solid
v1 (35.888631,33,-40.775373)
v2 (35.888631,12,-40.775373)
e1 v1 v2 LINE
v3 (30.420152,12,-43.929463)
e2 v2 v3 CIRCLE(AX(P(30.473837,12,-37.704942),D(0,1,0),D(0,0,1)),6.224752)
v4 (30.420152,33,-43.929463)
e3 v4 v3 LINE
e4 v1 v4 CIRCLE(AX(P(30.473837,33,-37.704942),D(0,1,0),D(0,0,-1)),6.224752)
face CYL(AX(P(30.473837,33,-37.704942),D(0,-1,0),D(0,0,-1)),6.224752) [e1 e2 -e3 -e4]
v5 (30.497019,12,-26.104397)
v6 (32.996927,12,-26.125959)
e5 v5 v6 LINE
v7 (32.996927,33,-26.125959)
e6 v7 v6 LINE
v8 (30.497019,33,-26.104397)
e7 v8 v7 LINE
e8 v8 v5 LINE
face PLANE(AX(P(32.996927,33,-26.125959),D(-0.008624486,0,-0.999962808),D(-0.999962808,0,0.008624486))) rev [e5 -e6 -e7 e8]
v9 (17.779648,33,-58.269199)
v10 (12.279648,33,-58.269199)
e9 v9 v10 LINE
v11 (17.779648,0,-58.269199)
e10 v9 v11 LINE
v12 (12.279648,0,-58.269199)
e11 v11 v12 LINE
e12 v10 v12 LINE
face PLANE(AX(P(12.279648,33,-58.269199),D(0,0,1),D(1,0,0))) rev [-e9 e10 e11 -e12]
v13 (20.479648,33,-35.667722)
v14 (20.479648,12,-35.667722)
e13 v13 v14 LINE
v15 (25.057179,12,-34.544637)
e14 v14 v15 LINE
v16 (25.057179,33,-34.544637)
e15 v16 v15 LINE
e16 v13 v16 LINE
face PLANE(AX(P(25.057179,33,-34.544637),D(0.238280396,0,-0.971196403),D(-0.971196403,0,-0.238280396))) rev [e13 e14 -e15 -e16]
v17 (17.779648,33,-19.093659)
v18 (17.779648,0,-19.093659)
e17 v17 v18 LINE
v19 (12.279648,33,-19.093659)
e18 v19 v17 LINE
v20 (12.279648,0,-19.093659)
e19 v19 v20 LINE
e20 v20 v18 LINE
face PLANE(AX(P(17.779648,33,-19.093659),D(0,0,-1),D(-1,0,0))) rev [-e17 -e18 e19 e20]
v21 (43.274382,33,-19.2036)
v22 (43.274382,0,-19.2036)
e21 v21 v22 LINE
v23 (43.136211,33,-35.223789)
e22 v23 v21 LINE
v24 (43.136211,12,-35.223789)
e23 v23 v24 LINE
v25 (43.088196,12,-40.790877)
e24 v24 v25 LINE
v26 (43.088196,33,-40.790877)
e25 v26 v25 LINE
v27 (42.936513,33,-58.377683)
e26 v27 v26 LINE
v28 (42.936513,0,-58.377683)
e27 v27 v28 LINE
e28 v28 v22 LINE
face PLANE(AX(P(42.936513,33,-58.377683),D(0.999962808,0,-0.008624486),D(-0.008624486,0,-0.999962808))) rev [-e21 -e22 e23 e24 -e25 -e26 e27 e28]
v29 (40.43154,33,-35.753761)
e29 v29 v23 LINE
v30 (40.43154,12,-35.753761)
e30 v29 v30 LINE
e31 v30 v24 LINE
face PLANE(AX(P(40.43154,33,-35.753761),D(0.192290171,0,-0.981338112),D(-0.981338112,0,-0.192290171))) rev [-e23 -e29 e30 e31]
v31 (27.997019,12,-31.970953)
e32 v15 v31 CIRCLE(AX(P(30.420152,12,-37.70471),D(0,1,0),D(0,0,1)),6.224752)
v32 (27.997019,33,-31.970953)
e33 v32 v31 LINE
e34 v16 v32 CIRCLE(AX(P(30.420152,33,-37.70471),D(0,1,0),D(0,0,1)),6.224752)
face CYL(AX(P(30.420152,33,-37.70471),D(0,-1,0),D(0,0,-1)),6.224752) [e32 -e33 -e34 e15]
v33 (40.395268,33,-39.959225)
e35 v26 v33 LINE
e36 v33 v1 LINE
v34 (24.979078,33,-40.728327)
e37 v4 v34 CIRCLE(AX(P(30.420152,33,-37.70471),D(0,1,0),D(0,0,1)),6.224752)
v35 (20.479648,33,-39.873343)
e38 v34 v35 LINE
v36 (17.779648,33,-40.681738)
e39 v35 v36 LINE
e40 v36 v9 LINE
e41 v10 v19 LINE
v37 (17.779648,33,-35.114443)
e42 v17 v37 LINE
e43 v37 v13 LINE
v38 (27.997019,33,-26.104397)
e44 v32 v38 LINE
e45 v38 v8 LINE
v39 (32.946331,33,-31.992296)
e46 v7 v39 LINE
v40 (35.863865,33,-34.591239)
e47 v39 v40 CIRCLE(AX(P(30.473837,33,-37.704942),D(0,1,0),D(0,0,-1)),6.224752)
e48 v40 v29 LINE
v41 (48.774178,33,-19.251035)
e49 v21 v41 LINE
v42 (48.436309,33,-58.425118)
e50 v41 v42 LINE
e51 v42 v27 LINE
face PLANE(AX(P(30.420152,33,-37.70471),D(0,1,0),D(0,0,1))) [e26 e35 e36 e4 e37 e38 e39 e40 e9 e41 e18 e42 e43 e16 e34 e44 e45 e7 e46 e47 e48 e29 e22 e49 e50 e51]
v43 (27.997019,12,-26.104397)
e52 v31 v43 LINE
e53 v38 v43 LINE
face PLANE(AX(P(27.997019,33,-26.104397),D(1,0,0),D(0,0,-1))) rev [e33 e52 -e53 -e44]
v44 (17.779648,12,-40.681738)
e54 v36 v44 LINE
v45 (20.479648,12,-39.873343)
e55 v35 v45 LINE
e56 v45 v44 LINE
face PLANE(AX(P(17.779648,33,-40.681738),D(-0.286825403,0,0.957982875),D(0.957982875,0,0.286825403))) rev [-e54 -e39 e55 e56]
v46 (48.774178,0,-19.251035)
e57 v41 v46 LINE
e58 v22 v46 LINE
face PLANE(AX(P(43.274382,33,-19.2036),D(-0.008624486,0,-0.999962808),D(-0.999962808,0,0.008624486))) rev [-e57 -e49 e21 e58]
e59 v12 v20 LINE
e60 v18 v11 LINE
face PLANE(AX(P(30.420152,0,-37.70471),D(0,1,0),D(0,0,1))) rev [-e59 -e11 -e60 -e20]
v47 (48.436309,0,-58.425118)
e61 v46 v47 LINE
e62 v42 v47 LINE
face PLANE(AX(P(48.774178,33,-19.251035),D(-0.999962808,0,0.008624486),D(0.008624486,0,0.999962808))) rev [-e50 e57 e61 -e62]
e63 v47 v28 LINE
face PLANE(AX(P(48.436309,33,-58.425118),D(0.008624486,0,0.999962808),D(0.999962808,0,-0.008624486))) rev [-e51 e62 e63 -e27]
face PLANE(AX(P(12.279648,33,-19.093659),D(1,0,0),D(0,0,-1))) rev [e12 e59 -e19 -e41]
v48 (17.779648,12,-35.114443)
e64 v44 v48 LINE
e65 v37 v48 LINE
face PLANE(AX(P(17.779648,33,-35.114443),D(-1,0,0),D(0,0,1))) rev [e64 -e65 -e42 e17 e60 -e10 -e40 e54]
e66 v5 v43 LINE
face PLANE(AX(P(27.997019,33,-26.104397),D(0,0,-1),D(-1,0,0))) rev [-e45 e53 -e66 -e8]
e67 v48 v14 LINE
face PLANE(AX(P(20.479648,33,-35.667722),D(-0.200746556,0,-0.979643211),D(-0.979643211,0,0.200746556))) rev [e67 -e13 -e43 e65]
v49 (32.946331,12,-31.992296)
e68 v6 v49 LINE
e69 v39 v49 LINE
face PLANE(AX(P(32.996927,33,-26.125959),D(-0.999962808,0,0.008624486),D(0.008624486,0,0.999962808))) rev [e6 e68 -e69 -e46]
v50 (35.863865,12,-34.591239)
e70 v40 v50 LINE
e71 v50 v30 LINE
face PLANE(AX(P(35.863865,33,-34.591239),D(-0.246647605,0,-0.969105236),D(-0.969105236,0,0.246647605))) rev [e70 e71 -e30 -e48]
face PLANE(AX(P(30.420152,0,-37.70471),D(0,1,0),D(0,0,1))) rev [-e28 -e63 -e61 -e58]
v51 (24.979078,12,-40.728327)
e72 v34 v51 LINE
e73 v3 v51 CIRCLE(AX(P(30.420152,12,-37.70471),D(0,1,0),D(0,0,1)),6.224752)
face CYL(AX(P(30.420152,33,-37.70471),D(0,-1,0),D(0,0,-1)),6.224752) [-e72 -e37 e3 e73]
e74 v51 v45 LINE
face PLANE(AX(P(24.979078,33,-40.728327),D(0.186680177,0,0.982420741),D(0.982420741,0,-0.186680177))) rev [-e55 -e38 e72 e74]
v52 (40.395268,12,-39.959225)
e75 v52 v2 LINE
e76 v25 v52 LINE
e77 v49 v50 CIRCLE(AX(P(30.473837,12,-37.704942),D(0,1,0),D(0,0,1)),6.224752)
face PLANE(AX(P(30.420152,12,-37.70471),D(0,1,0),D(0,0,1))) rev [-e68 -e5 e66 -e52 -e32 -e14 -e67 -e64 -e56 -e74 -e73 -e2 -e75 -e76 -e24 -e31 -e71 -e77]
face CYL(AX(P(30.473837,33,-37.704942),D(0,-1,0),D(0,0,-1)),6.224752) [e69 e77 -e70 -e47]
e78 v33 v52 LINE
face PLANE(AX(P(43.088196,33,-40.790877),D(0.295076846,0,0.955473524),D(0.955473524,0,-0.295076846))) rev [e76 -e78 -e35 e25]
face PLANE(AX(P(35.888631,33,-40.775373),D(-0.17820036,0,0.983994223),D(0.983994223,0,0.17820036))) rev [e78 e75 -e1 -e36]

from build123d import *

# Parameters (mm, degrees)
BOSS_EXTRUDE1_DEPTH     = 33
CUT_EXTRUDE1_DEPTH      = 83.954293528
CUT_EXTRUDE1_DEPTH_BACK = 12
SKETCH3_W               = 9.481209811
SKETCH3_H               = 17.021727652
CUT_EXTRUDE2_DEPTH      = 22


with BuildPart() as part:
    # Sketch1 → Boss-Extrude1 (new body)
    with BuildSketch(Plane(origin=(0, 0, 0), x_dir=(1, 0, 0), z_dir=(0, 1, 0))):
        with BuildLine():
            Line((27.99701897, 26.104397373), (30.497019389, 26.104397373))
            Line((30.497019389, 26.104397373), (32.996926828, 26.125958592))
            Line((32.996926828, 26.125958592), (32.946330796, 31.992296402))
            ThreePointArc((32.946330796, 31.992296402), (34.614300355, 33.056919945), (35.86386473, 34.591238885))
            Line((35.86386473, 34.591238885), (40.431539769, 35.753760832))
            Line((40.431539769, 35.753760832), (43.136211097, 35.223788843))
            Line((43.136211097, 35.223788843), (43.274382132, 19.203600277))
            Line((43.274382132, 19.203600277), (48.774177579, 19.251034952))
            Line((48.774177579, 19.251034952), (48.43630867, 58.425118026))
            Line((48.43630867, 58.425118026), (42.936513223, 58.377683351))
            Line((42.936513223, 58.377683351), (43.088196039, 40.790876563))
            Line((43.088196039, 40.790876563), (40.395268448, 39.959225491))
            Line((40.395268448, 39.959225491), (35.888631414, 40.775372904))
            ThreePointArc((35.888631414, 40.775372904), (33.583892359, 43.097075019), (30.420151943, 43.929462788))
            ThreePointArc((30.420151943, 43.929462788), (27.263708108, 43.06982034), (24.979078258, 40.728327384))
            Line((24.979078258, 40.728327384), (20.479647685, 39.873342894))
            Line((20.479647685, 39.873342894), (17.779647685, 40.681737919))
            Line((17.779647685, 40.681737919), (17.779647685, 58.269198812))
            Line((17.779647685, 58.269198812), (12.279647685, 58.269198812))
            Line((12.279647685, 58.269198812), (12.279647685, 19.093658738))
            Line((12.279647685, 19.093658738), (17.779647685, 19.093658738))
            Line((17.779647685, 19.093658738), (17.779647685, 35.114443143))
            Line((17.779647685, 35.114443143), (20.479647685, 35.667721822))
            Line((20.479647685, 35.667721822), (25.057179, 34.544636961))
            ThreePointArc((25.057179, 34.544636961), (26.319929615, 33.021151936), (27.99701897, 31.970953369))
            Line((27.99701897, 31.970953369), (27.99701897, 26.104397373))
        make_face()
    extrude(amount=BOSS_EXTRUDE1_DEPTH)

    # Sketch2 → Cut-Extrude1 (cut, two sides: drawn at the far end of the back side and taken through both)
    with BuildSketch(Plane.XZ.offset(-CUT_EXTRUDE1_DEPTH_BACK)):
        with BuildLine():
            Line((20.479647685, -35.667721822), (17.779647685, -35.114443143))
            Line((17.779647685, -35.114443143), (17.779647685, -40.681737919))
            Line((17.779647685, -40.681737919), (20.479647685, -39.873342894))
            Line((20.479647685, -39.873342894), (24.979078258, -40.728327384))
            ThreePointArc((24.979078258, -40.728327384), (27.263708108, -43.06982034), (30.420151943, -43.929462788))
            ThreePointArc((30.420151943, -43.929462788), (33.576595778, -43.084424394), (35.888631414, -40.775372904))
            Line((35.888631414, -40.775372904), (40.395268448, -39.959225491))
            Line((40.395268448, -39.959225491), (43.088196039, -40.790876563))
            Line((43.088196039, -40.790876563), (43.136211097, -35.223788843))
            Line((43.136211097, -35.223788843), (40.431539769, -35.753760832))
            Line((40.431539769, -35.753760832), (35.86386473, -34.591238885))
            ThreePointArc((35.86386473, -34.591238885), (34.614300355, -33.056919945), (32.946330796, -31.992296402))
            Line((32.946330796, -31.992296402), (32.996926828, -26.125958592))
            Line((32.996926828, -26.125958592), (27.99701897, -26.104397373))
            Line((27.99701897, -26.104397373), (27.99701897, -31.970953369))
            ThreePointArc((27.99701897, -31.970953369), (26.319929615, -33.021151936), (25.057179, -34.544636961))
            Line((25.057179, -34.544636961), (20.479647685, -35.667721822))
        make_face()
    extrude(amount=CUT_EXTRUDE1_DEPTH + CUT_EXTRUDE1_DEPTH_BACK, mode=Mode.SUBTRACT)

    # Sketch3 → Cut-Extrude2 (cut)
    with BuildSketch(Plane.XY.offset(-26.104397373)):
        with Locations((32.737623876, 3.489136174)):
            Rectangle(SKETCH3_W, SKETCH3_H)
    extrude(amount=-CUT_EXTRUDE2_DEPTH, mode=Mode.SUBTRACT)


solid = part.part
